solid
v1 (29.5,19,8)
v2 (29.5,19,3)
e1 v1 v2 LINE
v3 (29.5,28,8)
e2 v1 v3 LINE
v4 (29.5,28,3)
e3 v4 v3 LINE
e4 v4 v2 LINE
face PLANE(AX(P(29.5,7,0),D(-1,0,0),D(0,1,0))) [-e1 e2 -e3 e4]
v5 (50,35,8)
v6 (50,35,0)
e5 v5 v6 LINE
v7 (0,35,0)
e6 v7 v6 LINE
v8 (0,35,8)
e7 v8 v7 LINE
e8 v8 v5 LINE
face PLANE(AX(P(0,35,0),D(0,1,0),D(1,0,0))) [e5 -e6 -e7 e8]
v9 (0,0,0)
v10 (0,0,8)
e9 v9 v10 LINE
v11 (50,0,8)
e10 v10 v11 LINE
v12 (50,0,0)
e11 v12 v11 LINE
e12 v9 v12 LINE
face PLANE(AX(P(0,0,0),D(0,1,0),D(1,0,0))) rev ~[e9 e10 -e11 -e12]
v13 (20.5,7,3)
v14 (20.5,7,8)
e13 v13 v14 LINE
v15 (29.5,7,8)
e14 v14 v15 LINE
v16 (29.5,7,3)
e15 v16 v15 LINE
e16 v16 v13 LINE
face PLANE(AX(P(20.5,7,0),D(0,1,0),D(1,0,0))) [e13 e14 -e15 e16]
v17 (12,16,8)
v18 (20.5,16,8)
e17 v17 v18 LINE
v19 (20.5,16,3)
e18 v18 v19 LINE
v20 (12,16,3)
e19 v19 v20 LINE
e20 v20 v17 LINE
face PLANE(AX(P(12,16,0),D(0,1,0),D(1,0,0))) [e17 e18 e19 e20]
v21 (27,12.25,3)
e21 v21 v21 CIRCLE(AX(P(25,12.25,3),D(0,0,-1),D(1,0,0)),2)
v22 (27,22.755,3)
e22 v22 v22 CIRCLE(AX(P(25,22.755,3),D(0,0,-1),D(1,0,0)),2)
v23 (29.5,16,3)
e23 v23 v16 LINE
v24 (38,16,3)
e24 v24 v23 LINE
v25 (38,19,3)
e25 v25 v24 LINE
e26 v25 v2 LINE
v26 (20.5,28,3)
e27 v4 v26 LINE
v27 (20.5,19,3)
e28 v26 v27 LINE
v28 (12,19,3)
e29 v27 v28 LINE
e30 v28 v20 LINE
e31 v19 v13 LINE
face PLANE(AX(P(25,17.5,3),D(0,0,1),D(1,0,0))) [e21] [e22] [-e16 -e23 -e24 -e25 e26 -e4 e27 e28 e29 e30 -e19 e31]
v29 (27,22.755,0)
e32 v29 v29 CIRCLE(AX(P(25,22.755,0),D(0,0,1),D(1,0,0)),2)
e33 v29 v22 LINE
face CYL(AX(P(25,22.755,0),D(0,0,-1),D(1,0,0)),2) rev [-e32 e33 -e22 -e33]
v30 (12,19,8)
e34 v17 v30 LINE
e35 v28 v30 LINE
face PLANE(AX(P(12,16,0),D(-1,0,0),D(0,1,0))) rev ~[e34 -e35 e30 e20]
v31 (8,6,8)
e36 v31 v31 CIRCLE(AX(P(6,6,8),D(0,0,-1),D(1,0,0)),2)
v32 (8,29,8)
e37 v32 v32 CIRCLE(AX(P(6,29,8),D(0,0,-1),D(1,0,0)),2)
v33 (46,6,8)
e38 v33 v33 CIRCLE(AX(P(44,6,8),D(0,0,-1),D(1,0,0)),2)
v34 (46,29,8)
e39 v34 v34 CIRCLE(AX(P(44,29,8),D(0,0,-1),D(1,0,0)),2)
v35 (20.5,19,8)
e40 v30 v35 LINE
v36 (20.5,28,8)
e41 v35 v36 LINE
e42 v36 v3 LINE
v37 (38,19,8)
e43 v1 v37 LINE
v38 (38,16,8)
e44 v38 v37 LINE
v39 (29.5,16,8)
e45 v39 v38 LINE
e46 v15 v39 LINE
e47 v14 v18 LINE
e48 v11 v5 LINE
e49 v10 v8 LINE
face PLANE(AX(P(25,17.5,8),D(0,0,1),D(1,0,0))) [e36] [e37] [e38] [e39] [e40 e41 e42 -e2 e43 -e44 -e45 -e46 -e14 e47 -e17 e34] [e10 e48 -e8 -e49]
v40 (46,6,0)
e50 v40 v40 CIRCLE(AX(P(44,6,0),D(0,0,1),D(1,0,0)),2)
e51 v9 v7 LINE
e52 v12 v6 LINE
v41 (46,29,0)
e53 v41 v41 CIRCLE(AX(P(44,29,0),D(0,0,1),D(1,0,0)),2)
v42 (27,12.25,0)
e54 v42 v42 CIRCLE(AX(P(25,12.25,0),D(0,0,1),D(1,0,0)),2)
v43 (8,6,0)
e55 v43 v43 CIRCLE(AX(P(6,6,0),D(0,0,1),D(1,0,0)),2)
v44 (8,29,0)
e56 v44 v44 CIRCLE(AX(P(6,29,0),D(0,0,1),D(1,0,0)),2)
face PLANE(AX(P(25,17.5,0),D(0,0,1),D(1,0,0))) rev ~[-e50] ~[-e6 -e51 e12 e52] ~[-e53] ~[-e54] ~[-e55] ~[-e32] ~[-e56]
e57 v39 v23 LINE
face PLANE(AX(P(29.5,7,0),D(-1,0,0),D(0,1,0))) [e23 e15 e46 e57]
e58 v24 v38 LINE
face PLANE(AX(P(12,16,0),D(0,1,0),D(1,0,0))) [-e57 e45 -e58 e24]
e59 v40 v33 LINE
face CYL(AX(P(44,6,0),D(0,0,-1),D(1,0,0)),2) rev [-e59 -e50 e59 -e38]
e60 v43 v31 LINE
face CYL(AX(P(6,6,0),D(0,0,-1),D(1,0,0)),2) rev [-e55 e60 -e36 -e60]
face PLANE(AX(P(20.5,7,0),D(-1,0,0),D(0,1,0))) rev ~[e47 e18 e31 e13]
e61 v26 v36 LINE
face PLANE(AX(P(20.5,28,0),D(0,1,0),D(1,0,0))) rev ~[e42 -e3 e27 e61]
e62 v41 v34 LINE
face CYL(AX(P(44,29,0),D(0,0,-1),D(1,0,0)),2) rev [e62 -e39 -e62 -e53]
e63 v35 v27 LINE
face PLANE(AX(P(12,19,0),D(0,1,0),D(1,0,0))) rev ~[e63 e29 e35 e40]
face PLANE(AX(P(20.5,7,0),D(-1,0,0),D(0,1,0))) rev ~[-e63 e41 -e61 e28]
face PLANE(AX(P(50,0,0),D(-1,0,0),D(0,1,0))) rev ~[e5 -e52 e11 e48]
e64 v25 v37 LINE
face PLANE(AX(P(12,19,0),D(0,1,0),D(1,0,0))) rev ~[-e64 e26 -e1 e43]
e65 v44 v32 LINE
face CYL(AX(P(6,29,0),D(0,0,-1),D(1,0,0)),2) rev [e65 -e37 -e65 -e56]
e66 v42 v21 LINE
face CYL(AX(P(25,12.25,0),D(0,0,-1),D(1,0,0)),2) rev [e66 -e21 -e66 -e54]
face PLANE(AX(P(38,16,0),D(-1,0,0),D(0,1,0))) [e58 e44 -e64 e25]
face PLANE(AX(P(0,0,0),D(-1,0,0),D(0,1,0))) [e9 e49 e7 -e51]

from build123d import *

# Parameters (mm, degrees)
CYLINDER003_R     = 2
CYLINDER003_DEPTH = 10
CYLINDER002_R     = 2
CYLINDER002_DEPTH = 10
CYLINDER001_R     = 2
CYLINDER001_DEPTH = 10
CYLINDER_R        = 2
CYLINDER_DEPTH    = 10
BOX001_W          = 26
BOX001_H          = 3
BOX001_DEPTH      = 8
BOX002_W          = 9
BOX002_H          = 21
BOX002_DEPTH      = 8
BOX_W             = 50
BOX_H             = 35
BOX_DEPTH         = 8
CYLINDER004_R     = 2
CYLINDER004_DEPTH = 10
CYLINDER005_R     = 2
CYLINDER005_DEPTH = 10
BOX003_W          = 50
BOX003_H          = 35
BOX003_DEPTH      = 3


with BuildPart() as cylinder003:
    # Cylinder003 → Cylinder003 (new body)
    with BuildSketch(Plane(origin=(44, 29, 0), x_dir=(1, 0, 0), z_dir=(0, 0, 1))):
        Circle(CYLINDER003_R)
    extrude(amount=CYLINDER003_DEPTH)


with BuildPart() as cylinder002:
    # Cylinder002 → Cylinder002 (new body)
    with BuildSketch(Plane(origin=(6, 29, 0), x_dir=(1, 0, 0), z_dir=(0, 0, 1))):
        Circle(CYLINDER002_R)
    extrude(amount=CYLINDER002_DEPTH)


with BuildPart() as cylinder001:
    # Cylinder001 → Cylinder001 (new body)
    with BuildSketch(Plane(origin=(44, 6, 0), x_dir=(1, 0, 0), z_dir=(0, 0, 1))):
        Circle(CYLINDER001_R)
    extrude(amount=CYLINDER001_DEPTH)


with BuildPart() as cylinder:
    # Cylinder → Cylinder (new body)
    with BuildSketch(Plane(origin=(6, 6, 0), x_dir=(1, 0, 0), z_dir=(0, 0, 1))):
        Circle(CYLINDER_R)
    extrude(amount=CYLINDER_DEPTH)


with BuildPart() as cube001:
    # Box001 → Box001 (new body)
    with BuildSketch(Plane(origin=(12, 16, 0), x_dir=(1, 0, 0), z_dir=(0, 0, 1))):
        with Locations((13, 1.5)):
            Rectangle(BOX001_W, BOX001_H)
    extrude(amount=BOX001_DEPTH)


with BuildPart() as cube002:
    # Box002 → Box002 (new body)
    with BuildSketch(Plane(origin=(20.5, 7, 0), x_dir=(1, 0, 0), z_dir=(0, 0, 1))):
        with Locations((4.5, 10.5)):
            Rectangle(BOX002_W, BOX002_H)
    extrude(amount=BOX002_DEPTH)


with BuildPart() as cut003:
    # Box → Box (new body)
    with BuildSketch(Plane.XY):
        with Locations((25, 17.5)):
            Rectangle(BOX_W, BOX_H)
    extrude(amount=BOX_DEPTH)

    # Cut: cut Cube002
    add(cube002.part, mode=Mode.SUBTRACT)

    # Cut003: cut Cube001
    add(cube001.part, mode=Mode.SUBTRACT)


with BuildPart() as cylinder004:
    # Cylinder004 → Cylinder004 (new body)
    with BuildSketch(Plane(origin=(25, 22.755, 0), x_dir=(1, 0, 0), z_dir=(0, 0, 1))):
        Circle(CYLINDER004_R)
    extrude(amount=CYLINDER004_DEPTH)


with BuildPart() as cylinder005:
    # Cylinder005 → Cylinder005 (new body)
    with BuildSketch(Plane(origin=(25, 12.25, 0), x_dir=(1, 0, 0), z_dir=(0, 0, 1))):
        Circle(CYLINDER005_R)
    extrude(amount=CYLINDER005_DEPTH)


with BuildPart() as cut007:
    # Box003 → Box003 (new body)
    with BuildSketch(Plane.XY):
        with Locations((25, 17.5)):
            Rectangle(BOX003_W, BOX003_H)
    extrude(amount=BOX003_DEPTH)

    # Cut001: cut Cylinder005
    add(cylinder005.part, mode=Mode.SUBTRACT)

    # Cut002: cut Cylinder004
    add(cylinder004.part, mode=Mode.SUBTRACT)

    # Fusion: union Cut003
    add(cut003.part)

    # Cut004: cut Cylinder
    add(cylinder.part, mode=Mode.SUBTRACT)

    # Cut005: cut Cylinder001
    add(cylinder001.part, mode=Mode.SUBTRACT)

    # Cut006: cut Cylinder002
    add(cylinder002.part, mode=Mode.SUBTRACT)

    # Cut007: cut Cylinder003
    add(cylinder003.part, mode=Mode.SUBTRACT)


solid = cut007.part
